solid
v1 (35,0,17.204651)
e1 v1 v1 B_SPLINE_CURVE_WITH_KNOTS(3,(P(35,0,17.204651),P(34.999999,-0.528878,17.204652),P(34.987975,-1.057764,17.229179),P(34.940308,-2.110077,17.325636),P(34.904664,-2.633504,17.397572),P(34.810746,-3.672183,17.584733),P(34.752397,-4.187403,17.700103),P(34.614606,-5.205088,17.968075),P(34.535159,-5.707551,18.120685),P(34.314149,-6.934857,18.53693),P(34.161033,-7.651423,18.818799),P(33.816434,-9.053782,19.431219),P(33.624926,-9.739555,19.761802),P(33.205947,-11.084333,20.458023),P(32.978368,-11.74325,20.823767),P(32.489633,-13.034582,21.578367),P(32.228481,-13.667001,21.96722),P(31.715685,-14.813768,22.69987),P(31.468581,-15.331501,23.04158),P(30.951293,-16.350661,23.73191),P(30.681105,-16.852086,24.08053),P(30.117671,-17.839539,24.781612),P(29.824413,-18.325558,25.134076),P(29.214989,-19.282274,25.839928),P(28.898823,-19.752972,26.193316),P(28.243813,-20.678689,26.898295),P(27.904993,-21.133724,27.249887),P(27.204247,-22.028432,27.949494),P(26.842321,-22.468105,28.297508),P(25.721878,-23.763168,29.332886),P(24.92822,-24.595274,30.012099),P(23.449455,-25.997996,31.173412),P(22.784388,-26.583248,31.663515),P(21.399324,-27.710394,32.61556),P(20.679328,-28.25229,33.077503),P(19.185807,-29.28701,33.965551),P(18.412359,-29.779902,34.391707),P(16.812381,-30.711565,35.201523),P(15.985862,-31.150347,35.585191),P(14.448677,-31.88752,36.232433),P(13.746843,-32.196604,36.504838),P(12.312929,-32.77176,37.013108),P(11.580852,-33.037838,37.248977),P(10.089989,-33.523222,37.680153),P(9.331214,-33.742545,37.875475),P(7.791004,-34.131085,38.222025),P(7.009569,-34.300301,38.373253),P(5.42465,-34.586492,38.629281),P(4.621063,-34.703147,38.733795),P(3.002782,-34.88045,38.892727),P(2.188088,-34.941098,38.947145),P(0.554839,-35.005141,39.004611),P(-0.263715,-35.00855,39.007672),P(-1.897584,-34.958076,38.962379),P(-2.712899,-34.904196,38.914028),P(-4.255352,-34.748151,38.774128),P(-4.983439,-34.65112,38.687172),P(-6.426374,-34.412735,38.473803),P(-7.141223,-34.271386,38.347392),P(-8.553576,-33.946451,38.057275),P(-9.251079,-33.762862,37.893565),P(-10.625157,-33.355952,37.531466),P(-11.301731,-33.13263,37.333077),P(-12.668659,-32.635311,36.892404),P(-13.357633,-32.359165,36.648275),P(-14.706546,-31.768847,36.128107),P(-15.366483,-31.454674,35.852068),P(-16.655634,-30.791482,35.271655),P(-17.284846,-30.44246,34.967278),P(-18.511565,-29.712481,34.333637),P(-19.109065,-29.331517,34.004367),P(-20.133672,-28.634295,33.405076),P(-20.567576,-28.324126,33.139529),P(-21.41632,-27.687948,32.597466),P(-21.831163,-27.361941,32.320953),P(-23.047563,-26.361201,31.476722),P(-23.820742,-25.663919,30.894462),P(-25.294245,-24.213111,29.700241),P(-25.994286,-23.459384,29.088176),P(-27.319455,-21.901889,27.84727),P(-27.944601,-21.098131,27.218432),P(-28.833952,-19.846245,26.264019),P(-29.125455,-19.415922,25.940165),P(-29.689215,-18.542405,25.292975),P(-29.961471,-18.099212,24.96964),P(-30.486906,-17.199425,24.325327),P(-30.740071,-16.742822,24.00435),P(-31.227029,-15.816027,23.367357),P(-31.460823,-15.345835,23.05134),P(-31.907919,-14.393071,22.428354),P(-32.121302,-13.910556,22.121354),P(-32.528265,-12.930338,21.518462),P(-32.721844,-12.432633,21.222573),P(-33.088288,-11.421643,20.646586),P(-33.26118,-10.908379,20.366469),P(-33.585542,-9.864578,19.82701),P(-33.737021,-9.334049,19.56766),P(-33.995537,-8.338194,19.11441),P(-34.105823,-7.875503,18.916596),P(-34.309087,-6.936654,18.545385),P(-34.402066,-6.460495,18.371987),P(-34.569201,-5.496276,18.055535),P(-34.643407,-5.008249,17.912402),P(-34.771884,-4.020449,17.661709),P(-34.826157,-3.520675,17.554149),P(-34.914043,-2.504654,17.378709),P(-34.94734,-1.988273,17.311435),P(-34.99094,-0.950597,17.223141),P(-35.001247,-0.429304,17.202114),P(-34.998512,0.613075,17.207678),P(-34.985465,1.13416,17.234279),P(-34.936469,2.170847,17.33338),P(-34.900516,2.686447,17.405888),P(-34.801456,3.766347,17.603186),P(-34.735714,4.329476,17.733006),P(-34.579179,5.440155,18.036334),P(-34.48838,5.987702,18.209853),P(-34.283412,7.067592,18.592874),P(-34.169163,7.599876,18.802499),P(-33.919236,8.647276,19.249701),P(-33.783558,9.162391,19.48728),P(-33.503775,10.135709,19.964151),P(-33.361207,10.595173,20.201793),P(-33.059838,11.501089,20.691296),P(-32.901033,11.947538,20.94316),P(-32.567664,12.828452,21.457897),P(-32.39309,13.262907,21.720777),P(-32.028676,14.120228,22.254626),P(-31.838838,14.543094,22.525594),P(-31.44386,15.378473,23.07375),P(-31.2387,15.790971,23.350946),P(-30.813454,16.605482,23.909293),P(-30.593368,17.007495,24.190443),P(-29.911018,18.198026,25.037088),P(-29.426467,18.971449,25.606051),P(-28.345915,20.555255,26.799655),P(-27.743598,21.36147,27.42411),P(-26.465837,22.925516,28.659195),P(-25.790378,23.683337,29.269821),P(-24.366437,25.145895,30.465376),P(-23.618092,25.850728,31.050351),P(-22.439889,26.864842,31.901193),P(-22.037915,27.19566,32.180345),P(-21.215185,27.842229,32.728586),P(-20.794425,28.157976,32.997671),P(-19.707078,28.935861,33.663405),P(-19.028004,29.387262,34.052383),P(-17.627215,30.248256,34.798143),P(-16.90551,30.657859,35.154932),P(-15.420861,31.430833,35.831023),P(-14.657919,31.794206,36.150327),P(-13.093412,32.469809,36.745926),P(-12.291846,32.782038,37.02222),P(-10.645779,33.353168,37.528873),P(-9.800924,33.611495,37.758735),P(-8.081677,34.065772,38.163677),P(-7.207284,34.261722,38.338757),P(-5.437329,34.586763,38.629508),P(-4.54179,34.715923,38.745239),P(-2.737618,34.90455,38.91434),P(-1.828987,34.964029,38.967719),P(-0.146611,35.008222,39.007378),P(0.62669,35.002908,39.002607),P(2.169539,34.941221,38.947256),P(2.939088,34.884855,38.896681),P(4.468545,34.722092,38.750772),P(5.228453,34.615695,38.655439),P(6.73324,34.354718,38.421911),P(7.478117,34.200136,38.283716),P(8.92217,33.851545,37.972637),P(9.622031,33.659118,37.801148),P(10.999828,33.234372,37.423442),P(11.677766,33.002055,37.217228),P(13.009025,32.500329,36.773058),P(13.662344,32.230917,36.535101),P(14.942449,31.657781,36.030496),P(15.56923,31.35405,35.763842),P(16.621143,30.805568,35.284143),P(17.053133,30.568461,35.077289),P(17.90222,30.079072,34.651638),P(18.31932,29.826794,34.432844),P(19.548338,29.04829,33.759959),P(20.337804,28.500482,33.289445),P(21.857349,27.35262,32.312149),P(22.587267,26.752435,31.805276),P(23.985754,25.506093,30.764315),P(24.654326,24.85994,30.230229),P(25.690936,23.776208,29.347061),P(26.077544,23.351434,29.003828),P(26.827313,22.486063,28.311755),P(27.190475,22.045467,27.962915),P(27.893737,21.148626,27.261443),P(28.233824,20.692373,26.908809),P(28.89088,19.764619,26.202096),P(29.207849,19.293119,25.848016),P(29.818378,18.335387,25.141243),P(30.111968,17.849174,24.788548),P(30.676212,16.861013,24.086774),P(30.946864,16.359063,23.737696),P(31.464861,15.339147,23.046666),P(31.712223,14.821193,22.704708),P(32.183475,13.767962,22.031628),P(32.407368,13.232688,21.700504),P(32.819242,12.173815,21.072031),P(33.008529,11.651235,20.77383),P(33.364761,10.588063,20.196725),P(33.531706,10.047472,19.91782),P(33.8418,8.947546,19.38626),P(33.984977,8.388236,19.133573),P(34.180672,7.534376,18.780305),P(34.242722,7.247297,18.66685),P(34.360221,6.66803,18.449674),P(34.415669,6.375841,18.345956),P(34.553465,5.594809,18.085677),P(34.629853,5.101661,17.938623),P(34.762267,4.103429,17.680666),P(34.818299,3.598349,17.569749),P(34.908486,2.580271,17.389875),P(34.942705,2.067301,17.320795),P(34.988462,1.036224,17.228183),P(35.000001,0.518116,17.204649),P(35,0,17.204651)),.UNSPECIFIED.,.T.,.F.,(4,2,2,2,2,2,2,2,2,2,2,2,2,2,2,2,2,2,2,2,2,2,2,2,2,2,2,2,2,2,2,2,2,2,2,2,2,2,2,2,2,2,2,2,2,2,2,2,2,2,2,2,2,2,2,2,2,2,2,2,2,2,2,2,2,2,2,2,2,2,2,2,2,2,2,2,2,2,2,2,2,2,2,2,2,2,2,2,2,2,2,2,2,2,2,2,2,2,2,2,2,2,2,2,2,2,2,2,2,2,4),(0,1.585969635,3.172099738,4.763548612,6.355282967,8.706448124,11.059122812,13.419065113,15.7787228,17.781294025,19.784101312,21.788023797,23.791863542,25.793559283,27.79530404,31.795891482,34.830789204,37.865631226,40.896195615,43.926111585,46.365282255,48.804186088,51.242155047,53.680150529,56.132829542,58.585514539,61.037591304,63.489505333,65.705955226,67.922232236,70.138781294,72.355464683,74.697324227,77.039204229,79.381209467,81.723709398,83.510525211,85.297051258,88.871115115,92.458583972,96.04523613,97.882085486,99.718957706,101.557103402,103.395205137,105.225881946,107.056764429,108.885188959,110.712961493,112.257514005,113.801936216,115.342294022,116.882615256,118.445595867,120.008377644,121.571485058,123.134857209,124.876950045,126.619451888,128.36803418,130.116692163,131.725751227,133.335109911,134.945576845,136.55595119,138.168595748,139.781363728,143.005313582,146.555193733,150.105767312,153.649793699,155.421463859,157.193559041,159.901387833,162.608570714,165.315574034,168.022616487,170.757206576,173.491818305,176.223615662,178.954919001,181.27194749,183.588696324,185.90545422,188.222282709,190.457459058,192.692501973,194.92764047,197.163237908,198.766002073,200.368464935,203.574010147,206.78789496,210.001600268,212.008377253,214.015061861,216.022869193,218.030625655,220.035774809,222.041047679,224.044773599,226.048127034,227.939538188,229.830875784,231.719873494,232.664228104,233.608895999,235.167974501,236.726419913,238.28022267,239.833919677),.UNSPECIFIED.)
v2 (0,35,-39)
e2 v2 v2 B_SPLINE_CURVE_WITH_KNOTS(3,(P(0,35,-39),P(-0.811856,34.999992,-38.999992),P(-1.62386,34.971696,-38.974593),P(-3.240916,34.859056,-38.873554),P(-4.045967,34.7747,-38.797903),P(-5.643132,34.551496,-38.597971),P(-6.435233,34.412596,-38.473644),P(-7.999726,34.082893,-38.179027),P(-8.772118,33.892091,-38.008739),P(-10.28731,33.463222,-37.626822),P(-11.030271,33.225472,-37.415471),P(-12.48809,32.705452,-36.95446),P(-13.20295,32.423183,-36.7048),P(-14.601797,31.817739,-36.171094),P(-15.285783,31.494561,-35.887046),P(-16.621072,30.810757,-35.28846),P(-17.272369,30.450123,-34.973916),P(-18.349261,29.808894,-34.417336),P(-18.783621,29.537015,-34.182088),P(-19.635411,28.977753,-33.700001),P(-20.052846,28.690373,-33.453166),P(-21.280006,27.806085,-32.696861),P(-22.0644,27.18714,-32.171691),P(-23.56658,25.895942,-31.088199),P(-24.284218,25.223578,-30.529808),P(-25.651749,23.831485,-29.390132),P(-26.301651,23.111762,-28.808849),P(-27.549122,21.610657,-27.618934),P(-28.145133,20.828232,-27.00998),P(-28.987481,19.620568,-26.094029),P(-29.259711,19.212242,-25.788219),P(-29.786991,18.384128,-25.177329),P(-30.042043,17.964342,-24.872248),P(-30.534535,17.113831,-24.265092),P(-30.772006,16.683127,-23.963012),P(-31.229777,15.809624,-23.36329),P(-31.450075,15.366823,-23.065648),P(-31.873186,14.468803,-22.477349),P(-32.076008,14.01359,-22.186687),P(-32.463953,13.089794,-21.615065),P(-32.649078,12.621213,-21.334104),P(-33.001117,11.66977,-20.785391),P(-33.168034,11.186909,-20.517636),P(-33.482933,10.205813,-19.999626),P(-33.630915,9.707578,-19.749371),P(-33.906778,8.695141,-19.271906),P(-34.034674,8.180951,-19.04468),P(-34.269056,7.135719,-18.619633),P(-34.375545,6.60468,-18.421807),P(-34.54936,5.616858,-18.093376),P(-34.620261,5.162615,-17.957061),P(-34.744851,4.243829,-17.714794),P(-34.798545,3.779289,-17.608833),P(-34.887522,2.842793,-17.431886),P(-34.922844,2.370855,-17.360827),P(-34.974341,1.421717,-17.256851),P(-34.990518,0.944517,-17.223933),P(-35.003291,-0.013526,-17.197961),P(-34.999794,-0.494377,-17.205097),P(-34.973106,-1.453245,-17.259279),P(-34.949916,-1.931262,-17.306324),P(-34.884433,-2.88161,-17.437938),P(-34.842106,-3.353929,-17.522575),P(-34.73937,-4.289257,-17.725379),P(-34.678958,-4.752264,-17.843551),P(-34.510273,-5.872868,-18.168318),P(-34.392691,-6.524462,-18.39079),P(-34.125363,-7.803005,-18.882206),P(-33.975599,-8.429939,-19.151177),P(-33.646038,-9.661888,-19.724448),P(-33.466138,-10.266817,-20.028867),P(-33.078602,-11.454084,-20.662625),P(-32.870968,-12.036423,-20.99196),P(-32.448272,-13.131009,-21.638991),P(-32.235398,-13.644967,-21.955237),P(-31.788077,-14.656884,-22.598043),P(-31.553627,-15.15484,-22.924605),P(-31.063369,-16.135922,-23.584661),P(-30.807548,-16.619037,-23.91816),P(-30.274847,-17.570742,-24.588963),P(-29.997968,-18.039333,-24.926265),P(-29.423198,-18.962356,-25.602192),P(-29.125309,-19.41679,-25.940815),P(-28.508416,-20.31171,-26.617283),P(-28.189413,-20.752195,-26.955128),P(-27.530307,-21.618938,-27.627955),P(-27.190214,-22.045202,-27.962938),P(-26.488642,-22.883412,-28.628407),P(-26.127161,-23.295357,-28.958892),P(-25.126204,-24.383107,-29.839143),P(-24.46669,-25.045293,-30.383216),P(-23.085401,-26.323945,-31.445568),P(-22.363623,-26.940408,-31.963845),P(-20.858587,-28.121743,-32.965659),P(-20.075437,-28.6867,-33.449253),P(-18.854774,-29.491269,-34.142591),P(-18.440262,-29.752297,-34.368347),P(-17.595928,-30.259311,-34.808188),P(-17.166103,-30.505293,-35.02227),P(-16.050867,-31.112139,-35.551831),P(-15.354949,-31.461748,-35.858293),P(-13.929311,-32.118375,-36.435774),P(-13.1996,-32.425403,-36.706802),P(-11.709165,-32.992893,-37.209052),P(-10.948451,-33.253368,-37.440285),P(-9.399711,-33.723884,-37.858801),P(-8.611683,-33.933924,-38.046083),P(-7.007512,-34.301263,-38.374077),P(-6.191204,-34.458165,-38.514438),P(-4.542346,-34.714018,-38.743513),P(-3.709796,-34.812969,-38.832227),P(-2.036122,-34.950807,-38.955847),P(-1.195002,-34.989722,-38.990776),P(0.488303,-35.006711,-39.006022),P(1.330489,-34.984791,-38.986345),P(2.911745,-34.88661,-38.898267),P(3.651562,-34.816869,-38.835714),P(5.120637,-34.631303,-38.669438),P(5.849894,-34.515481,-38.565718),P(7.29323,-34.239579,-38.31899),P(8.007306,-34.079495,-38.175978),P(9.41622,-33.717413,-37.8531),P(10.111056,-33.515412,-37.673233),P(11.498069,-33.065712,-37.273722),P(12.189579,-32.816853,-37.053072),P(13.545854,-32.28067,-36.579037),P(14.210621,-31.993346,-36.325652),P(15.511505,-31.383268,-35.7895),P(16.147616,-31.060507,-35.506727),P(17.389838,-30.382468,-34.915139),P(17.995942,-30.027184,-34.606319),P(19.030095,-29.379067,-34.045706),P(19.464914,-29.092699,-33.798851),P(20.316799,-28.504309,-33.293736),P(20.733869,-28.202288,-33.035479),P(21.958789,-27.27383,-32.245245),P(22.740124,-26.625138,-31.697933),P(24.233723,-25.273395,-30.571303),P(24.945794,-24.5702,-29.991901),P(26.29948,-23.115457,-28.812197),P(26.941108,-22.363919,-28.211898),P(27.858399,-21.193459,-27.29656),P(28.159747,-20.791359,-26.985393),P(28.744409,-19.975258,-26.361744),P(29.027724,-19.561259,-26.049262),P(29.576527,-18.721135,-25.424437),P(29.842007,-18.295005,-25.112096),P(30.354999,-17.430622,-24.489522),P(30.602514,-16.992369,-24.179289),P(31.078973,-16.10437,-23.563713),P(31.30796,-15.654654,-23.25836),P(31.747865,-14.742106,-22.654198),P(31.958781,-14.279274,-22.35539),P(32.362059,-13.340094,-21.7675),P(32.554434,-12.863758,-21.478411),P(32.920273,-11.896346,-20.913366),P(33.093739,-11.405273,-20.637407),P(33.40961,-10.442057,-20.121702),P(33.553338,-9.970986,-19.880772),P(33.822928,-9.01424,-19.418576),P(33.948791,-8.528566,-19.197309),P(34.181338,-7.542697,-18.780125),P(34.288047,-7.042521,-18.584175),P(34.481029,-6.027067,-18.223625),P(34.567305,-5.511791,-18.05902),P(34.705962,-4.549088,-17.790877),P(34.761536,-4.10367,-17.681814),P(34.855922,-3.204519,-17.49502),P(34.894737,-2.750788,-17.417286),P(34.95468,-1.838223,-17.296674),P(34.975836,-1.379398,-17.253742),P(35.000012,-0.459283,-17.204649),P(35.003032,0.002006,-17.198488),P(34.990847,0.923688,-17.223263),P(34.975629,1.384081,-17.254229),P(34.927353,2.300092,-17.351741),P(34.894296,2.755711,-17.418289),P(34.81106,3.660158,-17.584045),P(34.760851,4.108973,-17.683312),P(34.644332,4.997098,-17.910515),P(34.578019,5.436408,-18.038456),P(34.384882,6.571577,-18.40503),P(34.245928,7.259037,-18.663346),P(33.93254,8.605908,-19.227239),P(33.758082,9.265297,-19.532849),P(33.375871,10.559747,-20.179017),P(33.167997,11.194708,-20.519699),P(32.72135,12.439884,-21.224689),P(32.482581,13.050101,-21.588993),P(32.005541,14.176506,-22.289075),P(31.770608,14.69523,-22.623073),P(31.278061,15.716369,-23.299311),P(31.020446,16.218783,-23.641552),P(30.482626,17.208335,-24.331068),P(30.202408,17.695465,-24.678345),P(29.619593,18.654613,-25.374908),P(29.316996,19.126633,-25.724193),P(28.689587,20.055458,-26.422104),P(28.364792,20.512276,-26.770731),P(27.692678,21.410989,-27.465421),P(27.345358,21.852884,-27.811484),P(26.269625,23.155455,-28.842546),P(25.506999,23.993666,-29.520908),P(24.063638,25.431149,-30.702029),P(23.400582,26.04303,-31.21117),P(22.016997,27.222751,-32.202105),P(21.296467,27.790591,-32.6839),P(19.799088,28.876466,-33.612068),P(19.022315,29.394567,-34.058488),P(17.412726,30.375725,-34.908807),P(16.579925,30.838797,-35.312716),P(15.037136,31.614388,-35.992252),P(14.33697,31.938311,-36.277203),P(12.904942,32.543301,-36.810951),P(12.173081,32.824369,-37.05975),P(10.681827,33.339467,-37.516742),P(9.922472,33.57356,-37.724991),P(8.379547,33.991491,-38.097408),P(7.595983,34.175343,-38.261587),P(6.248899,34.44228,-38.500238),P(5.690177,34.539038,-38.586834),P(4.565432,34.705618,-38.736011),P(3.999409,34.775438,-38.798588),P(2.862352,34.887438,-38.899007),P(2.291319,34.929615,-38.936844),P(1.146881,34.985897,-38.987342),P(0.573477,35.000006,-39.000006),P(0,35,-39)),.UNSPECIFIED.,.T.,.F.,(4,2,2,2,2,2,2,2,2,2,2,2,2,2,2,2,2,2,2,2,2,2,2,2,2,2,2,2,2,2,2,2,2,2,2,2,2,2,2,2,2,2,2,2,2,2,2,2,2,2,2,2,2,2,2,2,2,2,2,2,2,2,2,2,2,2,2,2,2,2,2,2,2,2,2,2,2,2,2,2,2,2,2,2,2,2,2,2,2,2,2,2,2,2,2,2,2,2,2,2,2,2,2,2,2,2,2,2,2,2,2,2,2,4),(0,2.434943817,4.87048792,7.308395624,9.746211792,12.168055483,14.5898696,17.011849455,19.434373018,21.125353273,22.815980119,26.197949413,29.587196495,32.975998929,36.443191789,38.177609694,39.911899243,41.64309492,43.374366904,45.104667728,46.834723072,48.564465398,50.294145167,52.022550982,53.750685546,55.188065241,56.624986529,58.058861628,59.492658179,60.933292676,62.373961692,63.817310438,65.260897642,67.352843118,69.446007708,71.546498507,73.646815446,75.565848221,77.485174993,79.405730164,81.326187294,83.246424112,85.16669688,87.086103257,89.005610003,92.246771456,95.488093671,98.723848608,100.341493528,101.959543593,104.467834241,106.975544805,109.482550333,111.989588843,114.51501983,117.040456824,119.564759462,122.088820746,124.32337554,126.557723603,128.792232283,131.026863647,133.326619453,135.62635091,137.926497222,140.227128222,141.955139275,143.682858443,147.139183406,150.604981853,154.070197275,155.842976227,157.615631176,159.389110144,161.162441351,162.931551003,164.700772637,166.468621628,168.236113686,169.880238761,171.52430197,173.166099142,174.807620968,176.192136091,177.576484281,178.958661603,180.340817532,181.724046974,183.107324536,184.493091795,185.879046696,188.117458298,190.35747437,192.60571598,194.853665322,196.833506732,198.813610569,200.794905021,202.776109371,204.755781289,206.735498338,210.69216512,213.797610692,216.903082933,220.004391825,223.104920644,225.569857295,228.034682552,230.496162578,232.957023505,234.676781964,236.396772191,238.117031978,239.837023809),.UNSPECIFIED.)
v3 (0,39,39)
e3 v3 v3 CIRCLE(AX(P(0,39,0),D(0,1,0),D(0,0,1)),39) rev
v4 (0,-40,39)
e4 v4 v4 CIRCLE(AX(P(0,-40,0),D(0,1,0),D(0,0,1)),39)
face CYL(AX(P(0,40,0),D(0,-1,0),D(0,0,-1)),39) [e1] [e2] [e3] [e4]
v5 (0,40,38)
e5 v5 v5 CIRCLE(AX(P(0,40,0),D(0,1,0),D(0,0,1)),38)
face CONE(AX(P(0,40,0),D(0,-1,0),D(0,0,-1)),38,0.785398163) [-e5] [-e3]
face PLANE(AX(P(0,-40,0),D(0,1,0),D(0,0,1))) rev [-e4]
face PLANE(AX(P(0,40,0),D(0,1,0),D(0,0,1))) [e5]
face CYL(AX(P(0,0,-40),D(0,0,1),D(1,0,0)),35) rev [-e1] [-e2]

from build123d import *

# Parameters (mm, degrees)
SCHIZZO1_R        = 39
ESTRUSIONE1_DEPTH = 40
SCHIZZO3_R        = 35
ESTRUSIONE3_DEPTH = 40
SMUSSO1_SIZE      = 1


with BuildPart() as part:
    # Schizzo1 → Estrusione1 (new, symmetric)
    with BuildSketch(Plane(origin=(0, 0, 0), x_dir=(1, 0, 0), z_dir=(0, 1, 0))):
        with Locations(Location((0, 0, 0), (0, 0, 270))):
            Circle(SCHIZZO1_R)
    extrude(amount=ESTRUSIONE1_DEPTH, both=True)

    # Schizzo3 → Estrusione3 (cut, symmetric)
    with BuildSketch(Plane.XY):
        with Locations(Location((0, 0, 0), (0, 0, 90))):
            Circle(SCHIZZO3_R)
    extrude(amount=ESTRUSIONE3_DEPTH, both=True, mode=Mode.SUBTRACT)

    # Smusso1
    smusso1_edges = [part.edges().sort_by_distance(p)[0] for p in [
        (0, 40, -39),
    ]]
    chamfer(smusso1_edges, length=SMUSSO1_SIZE)


solid = part.part
